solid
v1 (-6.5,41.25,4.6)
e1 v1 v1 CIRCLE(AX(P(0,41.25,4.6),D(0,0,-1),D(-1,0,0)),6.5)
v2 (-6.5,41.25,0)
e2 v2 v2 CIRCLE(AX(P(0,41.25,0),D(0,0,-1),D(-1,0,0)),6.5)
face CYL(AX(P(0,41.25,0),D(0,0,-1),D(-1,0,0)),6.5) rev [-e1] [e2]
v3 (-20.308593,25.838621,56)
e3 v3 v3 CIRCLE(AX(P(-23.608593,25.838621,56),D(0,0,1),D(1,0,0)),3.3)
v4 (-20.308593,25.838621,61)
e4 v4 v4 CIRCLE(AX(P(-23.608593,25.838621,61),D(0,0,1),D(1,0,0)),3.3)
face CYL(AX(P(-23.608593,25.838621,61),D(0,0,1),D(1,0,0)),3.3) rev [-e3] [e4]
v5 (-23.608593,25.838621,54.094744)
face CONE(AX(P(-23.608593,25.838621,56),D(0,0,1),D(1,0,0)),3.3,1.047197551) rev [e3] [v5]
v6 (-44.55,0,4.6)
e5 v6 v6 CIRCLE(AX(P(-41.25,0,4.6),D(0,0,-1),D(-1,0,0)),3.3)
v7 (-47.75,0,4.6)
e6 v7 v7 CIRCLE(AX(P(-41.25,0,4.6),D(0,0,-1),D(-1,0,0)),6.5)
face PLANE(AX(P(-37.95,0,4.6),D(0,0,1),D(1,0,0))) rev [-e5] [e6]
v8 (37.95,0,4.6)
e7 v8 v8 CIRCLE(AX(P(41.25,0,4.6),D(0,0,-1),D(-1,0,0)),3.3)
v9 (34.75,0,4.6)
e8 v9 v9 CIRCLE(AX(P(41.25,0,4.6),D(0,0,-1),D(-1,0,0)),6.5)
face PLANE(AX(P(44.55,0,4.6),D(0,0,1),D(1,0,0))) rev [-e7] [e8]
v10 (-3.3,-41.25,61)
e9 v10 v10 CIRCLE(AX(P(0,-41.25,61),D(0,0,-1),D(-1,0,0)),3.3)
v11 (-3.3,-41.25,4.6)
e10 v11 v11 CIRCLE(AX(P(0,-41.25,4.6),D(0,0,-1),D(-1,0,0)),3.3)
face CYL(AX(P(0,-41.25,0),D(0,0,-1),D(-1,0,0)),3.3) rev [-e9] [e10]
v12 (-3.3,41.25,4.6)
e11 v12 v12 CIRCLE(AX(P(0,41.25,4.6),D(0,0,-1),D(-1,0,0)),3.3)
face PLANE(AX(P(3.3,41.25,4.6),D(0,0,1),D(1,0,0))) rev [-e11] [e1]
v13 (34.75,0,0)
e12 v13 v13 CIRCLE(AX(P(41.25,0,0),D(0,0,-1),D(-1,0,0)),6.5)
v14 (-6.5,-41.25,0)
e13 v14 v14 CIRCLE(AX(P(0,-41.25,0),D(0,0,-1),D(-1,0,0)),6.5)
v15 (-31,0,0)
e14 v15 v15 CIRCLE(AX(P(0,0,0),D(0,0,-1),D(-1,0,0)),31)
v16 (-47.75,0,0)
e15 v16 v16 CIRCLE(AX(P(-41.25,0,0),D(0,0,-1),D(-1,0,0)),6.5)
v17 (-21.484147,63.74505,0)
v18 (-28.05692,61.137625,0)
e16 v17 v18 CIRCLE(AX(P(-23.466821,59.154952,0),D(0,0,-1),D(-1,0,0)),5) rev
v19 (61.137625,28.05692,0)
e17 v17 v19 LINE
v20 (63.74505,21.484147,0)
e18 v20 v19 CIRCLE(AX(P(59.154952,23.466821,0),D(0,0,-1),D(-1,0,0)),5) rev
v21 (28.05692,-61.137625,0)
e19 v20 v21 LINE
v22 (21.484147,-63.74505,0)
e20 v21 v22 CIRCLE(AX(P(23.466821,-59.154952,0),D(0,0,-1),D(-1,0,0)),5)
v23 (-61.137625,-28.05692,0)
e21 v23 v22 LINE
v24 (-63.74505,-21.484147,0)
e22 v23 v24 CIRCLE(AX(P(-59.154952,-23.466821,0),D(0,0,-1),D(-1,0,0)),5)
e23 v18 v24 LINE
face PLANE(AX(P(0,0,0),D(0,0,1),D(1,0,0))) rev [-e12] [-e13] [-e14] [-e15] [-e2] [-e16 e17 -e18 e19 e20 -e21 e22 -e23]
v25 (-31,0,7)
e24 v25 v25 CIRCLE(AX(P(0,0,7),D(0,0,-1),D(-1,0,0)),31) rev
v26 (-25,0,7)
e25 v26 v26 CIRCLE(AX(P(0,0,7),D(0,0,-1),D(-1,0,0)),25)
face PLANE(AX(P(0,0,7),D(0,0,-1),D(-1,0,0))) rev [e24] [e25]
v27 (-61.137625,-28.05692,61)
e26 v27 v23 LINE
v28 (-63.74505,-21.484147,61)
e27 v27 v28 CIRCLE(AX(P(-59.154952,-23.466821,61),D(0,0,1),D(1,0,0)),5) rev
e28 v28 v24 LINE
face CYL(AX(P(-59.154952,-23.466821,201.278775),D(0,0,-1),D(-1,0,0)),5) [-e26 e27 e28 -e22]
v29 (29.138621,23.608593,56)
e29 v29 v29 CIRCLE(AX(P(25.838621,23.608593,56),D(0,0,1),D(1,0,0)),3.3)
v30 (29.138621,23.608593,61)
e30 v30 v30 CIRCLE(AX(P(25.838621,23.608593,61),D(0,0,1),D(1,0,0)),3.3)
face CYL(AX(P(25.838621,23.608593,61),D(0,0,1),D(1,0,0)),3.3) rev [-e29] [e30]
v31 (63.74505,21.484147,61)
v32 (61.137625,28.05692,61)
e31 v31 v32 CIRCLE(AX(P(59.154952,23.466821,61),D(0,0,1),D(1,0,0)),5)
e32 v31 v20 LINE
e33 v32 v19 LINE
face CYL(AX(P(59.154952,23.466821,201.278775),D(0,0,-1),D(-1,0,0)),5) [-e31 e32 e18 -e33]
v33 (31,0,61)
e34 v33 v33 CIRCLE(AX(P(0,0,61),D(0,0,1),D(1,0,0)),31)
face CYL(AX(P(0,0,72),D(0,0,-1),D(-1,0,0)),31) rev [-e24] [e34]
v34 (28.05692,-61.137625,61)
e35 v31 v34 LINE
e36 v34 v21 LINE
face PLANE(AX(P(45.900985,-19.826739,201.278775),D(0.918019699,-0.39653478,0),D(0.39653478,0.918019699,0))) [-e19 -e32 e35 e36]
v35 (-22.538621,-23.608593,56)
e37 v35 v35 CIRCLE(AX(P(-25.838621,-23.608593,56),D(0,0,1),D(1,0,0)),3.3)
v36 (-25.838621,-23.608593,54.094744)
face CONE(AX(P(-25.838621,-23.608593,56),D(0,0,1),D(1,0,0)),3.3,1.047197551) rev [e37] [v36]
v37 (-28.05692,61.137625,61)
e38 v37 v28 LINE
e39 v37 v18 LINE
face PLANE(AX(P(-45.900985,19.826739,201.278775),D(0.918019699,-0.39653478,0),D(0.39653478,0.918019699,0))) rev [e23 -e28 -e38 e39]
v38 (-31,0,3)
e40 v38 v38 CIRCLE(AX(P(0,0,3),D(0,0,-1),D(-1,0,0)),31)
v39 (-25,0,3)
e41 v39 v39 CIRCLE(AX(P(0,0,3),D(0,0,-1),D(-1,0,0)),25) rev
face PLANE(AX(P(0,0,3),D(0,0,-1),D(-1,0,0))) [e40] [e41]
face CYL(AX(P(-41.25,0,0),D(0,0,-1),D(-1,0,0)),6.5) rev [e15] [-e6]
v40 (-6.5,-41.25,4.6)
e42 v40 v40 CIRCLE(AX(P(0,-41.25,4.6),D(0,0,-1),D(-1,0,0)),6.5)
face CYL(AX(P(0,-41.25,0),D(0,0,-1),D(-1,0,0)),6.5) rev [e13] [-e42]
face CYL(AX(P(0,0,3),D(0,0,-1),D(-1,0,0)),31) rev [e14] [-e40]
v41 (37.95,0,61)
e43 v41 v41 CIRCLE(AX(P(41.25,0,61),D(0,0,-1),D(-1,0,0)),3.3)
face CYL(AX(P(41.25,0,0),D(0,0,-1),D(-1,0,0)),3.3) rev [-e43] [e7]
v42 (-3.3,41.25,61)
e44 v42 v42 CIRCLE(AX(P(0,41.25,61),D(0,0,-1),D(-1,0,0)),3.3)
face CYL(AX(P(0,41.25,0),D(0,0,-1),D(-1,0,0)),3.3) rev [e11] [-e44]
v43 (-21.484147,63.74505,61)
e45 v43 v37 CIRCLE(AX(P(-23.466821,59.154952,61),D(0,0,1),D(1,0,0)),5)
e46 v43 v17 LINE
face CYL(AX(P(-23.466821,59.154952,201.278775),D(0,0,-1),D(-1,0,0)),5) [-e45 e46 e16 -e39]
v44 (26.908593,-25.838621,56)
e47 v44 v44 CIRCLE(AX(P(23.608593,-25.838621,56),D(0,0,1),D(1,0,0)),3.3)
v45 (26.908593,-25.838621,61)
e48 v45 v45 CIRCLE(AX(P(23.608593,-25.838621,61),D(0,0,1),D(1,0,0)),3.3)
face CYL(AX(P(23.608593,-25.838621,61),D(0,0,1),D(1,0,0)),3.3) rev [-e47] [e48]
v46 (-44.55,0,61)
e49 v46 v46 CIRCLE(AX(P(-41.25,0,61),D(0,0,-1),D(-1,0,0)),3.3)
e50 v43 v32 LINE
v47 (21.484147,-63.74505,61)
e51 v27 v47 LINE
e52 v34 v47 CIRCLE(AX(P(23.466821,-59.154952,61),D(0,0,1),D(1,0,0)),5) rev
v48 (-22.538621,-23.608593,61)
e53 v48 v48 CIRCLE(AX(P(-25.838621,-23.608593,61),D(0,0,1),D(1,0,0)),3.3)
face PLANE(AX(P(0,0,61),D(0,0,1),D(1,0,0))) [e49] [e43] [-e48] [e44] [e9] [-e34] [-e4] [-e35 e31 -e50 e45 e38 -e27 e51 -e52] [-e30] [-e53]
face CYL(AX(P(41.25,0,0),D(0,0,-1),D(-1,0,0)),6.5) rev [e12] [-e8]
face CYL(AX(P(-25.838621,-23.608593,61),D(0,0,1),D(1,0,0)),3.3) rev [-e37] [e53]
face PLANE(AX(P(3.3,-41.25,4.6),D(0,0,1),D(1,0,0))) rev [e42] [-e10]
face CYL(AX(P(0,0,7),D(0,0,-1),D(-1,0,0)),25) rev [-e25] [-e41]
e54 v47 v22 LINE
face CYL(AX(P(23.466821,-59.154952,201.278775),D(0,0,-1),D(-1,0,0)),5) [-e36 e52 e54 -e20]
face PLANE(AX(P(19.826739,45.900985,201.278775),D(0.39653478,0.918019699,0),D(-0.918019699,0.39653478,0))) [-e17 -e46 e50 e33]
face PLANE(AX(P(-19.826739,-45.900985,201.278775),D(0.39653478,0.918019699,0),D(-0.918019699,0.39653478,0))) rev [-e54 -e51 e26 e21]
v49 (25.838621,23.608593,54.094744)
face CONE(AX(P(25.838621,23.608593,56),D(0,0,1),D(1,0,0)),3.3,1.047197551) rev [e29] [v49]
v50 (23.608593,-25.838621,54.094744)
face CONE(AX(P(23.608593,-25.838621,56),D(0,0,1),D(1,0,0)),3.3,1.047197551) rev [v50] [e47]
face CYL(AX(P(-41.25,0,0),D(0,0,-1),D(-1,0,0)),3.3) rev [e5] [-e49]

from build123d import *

# Parameters (mm, degrees)
ESQUISSE1_R                                        = 50
BOSS_EXTRU_1_DEPTH                                 = 61
ESQUISSE2_R                                        = 31
ENL_V_MAT_EXTRU_1_DEPTH                            = 72
CHAMBRAGE_POUR_VIS_T_TE_RONDE_BOMB_E_M_D           = 6.6
CHAMBRAGE_POUR_VIS_T_TE_RONDE_BOMB_E_M_CBORE_D     = 13
CHAMBRAGE_POUR_VIS_T_TE_RONDE_BOMB_E_M_CBORE_DEPTH = 4.6
D_GAGEMENT_M61_D                                   = 6.6
D_GAGEMENT_M61_DEPTH                               = 5
D_GAGEMENT_M61_TIP                                 = 1.905255888
BOSS_EXTRU_2_START                                 = -61
BOSS_EXTRU_2_DEPTH                                 = 61
ESQUISSE23_R                                       = 31
ESQUISSE23_R_2                                     = 25
BOSS_EXTRU_3_DEPTH                                 = 7
ESQUISSE24_R                                       = 31
ENL_V_MAT_EXTRU_2_DEPTH                            = 3


with BuildPart() as part:
    # Esquisse1 → Boss.-Extru.1 (new body)
    with BuildSketch(Plane.XY):
        with Locations(Location((0, 0, 0), (0, 0, 180))):
            Circle(ESQUISSE1_R)
    extrude(amount=BOSS_EXTRU_1_DEPTH)

    # Esquisse2 → Enlèv. mat.-Extru.1 (cut)
    with BuildSketch(Plane(origin=(0, 0, 0), x_dir=(-1, 0, 0), z_dir=(0, 0, -1))):
        Circle(ESQUISSE2_R)
    extrude(amount=-ENL_V_MAT_EXTRU_1_DEPTH, mode=Mode.SUBTRACT)

    # Chambrage pour vis à tête ronde bombée M61 (through all)
    with Locations(Plane(origin=(0, 0, 0), x_dir=(-1, 0, 0), z_dir=(0, 0, -1))):
        with Locations((41.25, 0), (0, 41.25), (-41.25, 0), (0, -41.25)):
            CounterBoreHole(CHAMBRAGE_POUR_VIS_T_TE_RONDE_BOMB_E_M_D / 2, CHAMBRAGE_POUR_VIS_T_TE_RONDE_BOMB_E_M_CBORE_D / 2, CHAMBRAGE_POUR_VIS_T_TE_RONDE_BOMB_E_M_CBORE_DEPTH)

    # Dégagement M61
    with Locations(Plane.XY.offset(61)):
        with Locations((-23.608593004, 25.838621023), (-25.838621023, -23.608593004), (23.608593004, -25.838621023), (25.838621023, 23.608593004)):
            Hole(D_GAGEMENT_M61_D / 2, depth=D_GAGEMENT_M61_DEPTH)
            with Locations((0, 0, -(D_GAGEMENT_M61_DEPTH + D_GAGEMENT_M61_TIP / 2))):  # 120° drill point
                Cone(0, D_GAGEMENT_M61_D / 2, D_GAGEMENT_M61_TIP, mode=Mode.SUBTRACT)

    # Esquisse20 → Boss.-Extru.2 (add)
    with BuildSketch(Plane(origin=(0, 0, 0), x_dir=(-1, 0, 0), z_dir=(0, 0, -1)).offset(BOSS_EXTRU_2_START)):
        with BuildLine():
            Line((45.900985342, 19.826738123), (28.056919844, 61.137625476))
            ThreePointArc((28.056919844, 61.137625476), (25.31054896, 63.802603508), (21.484147447, 63.74505007))
            Line((21.484147447, 63.74505007), (-19.826738428, 45.900985211))
            ThreePointArc((-19.826738428, 45.900985211), (18.437276869, 46.476519036), (45.900985342, 19.826738123))
        make_face()
        with BuildLine():
            Line((63.74505007, -21.484147447), (45.900985342, 19.826738123))
            ThreePointArc((45.900985342, 19.826738123), (46.47651917, -18.437276529), (19.826739099, -45.900984921))
            Line((19.826739099, -45.900984921), (61.137625476, -28.056919844))
            ThreePointArc((61.137625476, -28.056919844), (63.802603508, -25.31054896), (63.74505007, -21.484147447))
        make_face()
        with BuildLine():
            ThreePointArc((-45.900984787, -19.82673941), (-46.476519294, 18.437276217), (-19.826738428, 45.900985211))
            Line((-19.826738428, 45.900985211), (-61.137625476, 28.056919844))
            ThreePointArc((-61.137625476, 28.056919844), (-63.802603508, 25.31054896), (-63.74505007, 21.484147447))
            Line((-63.74505007, 21.484147447), (-45.900984787, -19.82673941))
        make_face()
        with BuildLine():
            Line((-21.484147447, -63.74505007), (19.826739099, -45.900984921))
            ThreePointArc((19.826739099, -45.900984921), (-18.437275878, -46.476519429), (-45.900984787, -19.82673941))
            Line((-45.900984787, -19.82673941), (-28.056919844, -61.137625476))
            ThreePointArc((-28.056919844, -61.137625476), (-25.31054896, -63.802603508), (-21.484147447, -63.74505007))
        make_face()
    extrude(amount=BOSS_EXTRU_2_DEPTH)

    # Esquisse23 → Boss.-Extru.3 (add)
    with BuildSketch(Plane(origin=(0, 0, 0), x_dir=(-1, 0, 0), z_dir=(0, 0, -1))):
        Circle(ESQUISSE23_R)
        Circle(ESQUISSE23_R_2, mode=Mode.SUBTRACT)
    extrude(amount=-BOSS_EXTRU_3_DEPTH)

    # Esquisse24 → Enlèv. mat.-Extru.2 (cut)
    with BuildSketch(Plane(origin=(0, 0, 0), x_dir=(-1, 0, 0), z_dir=(0, 0, -1))):
        Circle(ESQUISSE24_R)
    extrude(amount=-ENL_V_MAT_EXTRU_2_DEPTH, mode=Mode.SUBTRACT)


solid = part.part
